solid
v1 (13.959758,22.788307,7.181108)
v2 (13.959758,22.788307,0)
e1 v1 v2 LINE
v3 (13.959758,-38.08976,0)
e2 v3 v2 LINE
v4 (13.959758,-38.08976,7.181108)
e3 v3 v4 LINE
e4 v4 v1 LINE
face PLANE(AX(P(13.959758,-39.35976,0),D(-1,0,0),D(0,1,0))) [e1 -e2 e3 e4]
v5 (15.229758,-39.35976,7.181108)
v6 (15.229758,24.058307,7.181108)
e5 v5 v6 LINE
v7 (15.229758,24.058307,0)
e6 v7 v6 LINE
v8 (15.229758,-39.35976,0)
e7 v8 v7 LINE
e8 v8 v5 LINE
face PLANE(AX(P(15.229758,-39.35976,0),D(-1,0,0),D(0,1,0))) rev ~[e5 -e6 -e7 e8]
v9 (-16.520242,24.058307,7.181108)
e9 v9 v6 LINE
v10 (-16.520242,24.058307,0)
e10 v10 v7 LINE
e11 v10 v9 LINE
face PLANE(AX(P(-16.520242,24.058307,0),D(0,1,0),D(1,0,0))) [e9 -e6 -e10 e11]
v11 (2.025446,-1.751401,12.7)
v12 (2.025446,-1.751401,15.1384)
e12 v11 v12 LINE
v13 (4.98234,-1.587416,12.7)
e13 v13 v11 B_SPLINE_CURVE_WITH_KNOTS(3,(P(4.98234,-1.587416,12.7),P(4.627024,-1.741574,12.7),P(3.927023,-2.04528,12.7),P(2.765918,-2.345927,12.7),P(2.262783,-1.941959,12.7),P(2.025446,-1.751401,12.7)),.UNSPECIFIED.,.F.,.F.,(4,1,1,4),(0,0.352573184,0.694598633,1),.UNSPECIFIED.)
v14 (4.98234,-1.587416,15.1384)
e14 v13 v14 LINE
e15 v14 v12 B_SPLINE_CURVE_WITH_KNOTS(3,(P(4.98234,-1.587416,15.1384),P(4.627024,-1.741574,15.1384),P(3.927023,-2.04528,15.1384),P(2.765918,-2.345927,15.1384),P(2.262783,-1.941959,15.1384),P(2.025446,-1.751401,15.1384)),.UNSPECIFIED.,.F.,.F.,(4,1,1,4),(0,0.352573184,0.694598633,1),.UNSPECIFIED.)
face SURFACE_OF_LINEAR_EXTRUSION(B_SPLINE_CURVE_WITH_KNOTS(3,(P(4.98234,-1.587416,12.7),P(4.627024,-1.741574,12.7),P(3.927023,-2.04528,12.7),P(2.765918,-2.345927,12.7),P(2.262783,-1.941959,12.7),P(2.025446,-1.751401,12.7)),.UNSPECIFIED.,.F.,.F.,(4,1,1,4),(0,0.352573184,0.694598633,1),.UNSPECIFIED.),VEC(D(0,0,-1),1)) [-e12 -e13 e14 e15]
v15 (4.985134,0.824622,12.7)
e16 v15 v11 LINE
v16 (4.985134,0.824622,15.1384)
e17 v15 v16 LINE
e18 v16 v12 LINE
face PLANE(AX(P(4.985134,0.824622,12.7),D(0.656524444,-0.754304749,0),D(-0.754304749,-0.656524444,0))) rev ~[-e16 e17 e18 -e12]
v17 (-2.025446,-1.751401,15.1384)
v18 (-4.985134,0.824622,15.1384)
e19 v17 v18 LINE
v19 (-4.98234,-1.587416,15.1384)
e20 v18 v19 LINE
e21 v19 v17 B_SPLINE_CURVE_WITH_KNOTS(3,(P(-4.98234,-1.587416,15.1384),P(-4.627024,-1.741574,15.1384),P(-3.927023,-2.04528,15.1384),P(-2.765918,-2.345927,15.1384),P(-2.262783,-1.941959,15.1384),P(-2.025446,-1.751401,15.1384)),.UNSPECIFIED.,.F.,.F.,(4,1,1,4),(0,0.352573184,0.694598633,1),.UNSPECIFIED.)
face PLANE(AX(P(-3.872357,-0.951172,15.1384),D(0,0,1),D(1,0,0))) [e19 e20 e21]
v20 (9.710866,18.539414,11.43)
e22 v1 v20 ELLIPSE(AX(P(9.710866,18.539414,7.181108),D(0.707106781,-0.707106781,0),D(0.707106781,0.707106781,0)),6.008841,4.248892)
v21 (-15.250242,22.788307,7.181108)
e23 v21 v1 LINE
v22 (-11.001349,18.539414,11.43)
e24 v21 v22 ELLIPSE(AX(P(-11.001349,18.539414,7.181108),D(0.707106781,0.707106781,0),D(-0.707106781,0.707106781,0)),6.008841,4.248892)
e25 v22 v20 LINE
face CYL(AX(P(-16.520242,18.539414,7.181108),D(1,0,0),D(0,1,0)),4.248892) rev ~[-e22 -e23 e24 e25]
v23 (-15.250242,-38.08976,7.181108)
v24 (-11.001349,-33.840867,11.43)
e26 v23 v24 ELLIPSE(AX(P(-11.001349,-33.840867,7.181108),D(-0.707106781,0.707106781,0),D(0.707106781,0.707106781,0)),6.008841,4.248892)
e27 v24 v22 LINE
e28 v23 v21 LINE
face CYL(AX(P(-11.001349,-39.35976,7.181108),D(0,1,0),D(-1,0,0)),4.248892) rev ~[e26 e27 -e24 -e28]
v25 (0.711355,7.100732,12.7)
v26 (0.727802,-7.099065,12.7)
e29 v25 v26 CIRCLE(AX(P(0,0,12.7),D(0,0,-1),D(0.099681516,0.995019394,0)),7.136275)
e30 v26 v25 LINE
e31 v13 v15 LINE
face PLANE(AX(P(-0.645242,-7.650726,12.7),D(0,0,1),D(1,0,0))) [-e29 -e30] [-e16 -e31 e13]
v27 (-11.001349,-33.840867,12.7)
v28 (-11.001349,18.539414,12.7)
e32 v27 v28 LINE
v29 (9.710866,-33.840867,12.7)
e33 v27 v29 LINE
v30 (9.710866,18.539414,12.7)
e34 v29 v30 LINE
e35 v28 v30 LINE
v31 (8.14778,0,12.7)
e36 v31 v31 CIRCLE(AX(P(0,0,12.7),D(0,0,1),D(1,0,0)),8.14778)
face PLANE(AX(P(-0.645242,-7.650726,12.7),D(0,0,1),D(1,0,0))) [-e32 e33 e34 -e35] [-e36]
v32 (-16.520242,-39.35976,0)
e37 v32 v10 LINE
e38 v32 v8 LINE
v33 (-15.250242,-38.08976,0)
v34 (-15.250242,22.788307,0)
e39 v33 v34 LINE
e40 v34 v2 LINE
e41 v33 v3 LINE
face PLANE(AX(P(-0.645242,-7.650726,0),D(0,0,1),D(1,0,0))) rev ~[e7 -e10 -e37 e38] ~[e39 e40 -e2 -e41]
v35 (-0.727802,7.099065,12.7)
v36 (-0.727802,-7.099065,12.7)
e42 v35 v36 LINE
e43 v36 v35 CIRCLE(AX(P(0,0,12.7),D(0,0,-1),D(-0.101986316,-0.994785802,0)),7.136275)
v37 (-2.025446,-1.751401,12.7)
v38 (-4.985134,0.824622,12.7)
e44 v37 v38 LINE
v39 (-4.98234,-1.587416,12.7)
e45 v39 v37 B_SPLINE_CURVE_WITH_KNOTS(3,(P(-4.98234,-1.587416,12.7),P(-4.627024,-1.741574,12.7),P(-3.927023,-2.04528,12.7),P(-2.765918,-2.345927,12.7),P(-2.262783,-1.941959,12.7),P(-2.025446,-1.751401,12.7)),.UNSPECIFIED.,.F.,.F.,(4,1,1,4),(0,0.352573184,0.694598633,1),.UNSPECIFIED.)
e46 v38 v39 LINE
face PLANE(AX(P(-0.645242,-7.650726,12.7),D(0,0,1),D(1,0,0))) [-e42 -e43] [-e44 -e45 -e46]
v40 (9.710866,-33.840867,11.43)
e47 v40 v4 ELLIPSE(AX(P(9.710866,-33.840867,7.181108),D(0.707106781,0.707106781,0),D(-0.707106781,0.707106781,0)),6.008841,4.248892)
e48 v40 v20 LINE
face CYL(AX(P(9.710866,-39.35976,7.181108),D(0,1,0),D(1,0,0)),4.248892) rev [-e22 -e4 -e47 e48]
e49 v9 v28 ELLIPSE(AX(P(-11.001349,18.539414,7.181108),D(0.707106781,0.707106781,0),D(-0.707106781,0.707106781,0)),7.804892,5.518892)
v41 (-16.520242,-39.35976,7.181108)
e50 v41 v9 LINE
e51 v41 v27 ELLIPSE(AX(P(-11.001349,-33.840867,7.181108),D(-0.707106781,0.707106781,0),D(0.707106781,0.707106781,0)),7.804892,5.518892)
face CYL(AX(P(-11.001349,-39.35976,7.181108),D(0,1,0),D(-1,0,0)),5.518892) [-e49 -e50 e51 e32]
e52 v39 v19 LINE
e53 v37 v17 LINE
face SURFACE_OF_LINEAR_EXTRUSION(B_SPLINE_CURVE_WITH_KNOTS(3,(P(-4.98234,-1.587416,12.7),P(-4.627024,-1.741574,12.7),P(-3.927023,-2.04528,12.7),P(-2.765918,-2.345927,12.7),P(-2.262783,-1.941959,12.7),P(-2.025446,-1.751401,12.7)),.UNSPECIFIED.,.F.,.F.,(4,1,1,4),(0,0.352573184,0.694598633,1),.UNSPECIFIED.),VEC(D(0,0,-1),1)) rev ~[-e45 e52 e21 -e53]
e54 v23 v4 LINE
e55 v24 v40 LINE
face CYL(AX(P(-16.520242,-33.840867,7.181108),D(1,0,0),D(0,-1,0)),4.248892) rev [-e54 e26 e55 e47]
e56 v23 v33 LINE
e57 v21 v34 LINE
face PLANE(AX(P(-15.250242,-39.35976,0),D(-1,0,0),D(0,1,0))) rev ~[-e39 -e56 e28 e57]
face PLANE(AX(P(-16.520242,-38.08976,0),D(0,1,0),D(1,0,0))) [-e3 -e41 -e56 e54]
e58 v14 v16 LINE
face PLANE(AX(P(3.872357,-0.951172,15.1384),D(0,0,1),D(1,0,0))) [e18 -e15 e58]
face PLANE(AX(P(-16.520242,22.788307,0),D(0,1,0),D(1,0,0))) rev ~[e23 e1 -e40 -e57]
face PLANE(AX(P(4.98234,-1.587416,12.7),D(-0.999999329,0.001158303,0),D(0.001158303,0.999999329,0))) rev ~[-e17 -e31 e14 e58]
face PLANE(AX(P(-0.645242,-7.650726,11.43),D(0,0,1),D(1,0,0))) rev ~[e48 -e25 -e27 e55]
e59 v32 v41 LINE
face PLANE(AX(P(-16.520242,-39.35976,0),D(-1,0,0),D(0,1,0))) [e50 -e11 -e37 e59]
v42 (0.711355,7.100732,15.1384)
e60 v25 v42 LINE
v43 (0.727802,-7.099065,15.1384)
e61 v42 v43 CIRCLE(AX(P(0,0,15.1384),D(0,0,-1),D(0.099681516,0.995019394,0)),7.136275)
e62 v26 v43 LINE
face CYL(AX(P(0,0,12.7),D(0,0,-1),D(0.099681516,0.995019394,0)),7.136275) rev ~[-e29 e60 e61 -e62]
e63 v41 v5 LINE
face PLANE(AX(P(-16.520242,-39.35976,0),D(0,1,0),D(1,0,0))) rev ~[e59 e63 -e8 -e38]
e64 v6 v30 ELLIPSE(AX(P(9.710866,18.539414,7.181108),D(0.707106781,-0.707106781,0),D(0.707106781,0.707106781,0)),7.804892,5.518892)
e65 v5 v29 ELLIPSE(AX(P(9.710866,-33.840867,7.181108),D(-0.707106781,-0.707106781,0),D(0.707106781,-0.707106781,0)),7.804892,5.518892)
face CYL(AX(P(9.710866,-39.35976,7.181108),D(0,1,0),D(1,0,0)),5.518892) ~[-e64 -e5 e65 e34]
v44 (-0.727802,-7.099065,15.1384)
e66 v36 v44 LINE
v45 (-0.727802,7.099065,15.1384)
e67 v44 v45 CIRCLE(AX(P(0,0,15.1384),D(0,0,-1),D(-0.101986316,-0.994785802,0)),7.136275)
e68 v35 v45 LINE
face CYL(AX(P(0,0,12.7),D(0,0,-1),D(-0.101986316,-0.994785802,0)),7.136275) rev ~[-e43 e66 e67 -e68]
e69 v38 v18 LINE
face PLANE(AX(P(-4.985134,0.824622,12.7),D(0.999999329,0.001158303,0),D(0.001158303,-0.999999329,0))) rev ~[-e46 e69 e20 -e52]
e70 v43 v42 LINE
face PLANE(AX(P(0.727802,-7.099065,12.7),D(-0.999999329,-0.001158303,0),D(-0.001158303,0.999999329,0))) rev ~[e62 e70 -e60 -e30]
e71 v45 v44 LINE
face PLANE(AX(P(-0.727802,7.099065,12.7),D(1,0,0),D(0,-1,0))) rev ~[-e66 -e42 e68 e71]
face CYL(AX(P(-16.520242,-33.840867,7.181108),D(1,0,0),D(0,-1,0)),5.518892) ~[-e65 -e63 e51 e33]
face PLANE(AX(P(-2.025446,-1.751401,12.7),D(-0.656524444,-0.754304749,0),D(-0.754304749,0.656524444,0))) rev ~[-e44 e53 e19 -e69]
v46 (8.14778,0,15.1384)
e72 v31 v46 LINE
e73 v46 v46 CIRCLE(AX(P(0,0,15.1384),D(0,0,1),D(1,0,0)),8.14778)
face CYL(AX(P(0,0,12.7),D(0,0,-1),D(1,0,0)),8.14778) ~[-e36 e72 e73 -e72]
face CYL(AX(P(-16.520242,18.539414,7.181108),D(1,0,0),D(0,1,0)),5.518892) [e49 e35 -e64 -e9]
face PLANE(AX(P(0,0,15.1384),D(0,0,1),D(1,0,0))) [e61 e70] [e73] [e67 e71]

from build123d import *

# Parameters (mm, degrees)
F0_W     = 31.75
F0_H     = 63.4180661291
F1_DEPTH = 12.7
F2_R     = 5.5188922036
F3_T     = -1.27
F4_R     = 8.1477804886
F5_DEPTH = 2.4384


with BuildPart() as f1:
    # F0 (on Top) → F1 (new body)
    with BuildSketch(Plane.XY):
        with Locations((-0.6452417001, -7.6507264748)):
            Rectangle(F0_W, F0_H)
    extrude(amount=F1_DEPTH)

    # F2
    f2_edges = [f1.edges().sort_by_distance(p)[0] for p in [
        (-16.520242, -7.650726, 12.7),
        (-0.645242, -39.35976, 12.7),
        (15.229758, -7.650726, 12.7),
        (-0.645242, 24.058307, 12.7),
    ]]
    fillet(f2_edges, radius=F2_R)

    # F3
    f3_openings = [f1.faces().sort_by_distance(p)[0] for p in [
        (-0.645242, -7.650726, 0),
    ]]
    offset(amount=F3_T, openings=f3_openings)

    # F4 (on face) → F5 (join)
    with BuildSketch(Plane.XY.offset(12.7)):
        Circle(F4_R)
        with BuildLine():
            ThreePointArc((-0.7278024156, -7.0990652471), (-7.1362752006, 0), (-0.7278024156, 7.0990652471))
            Line((-0.7278024156, 7.0990652471), (-0.7278024156, -7.0990652471))
        make_face(mode=Mode.SUBTRACT)
        with BuildLine():
            Line((0.7278024156, -7.0990652471), (0.7113547333, 7.1007322285))
            ThreePointArc((0.7113547333, 7.1007322285), (7.1362704133, 0.0082659706), (0.7278024156, -7.0990652471))
        make_face(mode=Mode.SUBTRACT)
        with BuildLine():
            add(Edge.make_bspline(
                [(-4.9823397783, -1.5874156443), (-4.6270242199, -1.7415742797), (-3.9270228794, -2.0452796731), (-2.765918201, -2.34592671), (-2.2627830963, -1.941959242), (-2.0254463889, -1.7514014617)],
                knots=[0, 0, 0, 0, 0.3525731836, 0.6945986327, 1, 1, 1, 1], degree=3))
            Line((-2.0254463889, -1.7514014617), (-4.9851336516, 0.8246224024))
            Line((-4.9851336516, 0.8246224024), (-4.9823397783, -1.5874156443))
        make_face()
        with BuildLine():
            Line((4.9851336516, 0.8246224024), (2.0254463889, -1.7514014617))
            add(Edge.make_bspline(
                [(4.9823397783, -1.5874156443), (4.6270242199, -1.7415742797), (3.9270228794, -2.0452796731), (2.765918201, -2.34592671), (2.2627830963, -1.941959242), (2.0254463889, -1.7514014617)],
                knots=[0, 0, 0, 0, 0.3525731836, 0.6945986327, 1, 1, 1, 1], degree=3))
            Line((4.9823397783, -1.5874156443), (4.9851336516, 0.8246224024))
        make_face()
    extrude(amount=F5_DEPTH)


solid = f1.part
